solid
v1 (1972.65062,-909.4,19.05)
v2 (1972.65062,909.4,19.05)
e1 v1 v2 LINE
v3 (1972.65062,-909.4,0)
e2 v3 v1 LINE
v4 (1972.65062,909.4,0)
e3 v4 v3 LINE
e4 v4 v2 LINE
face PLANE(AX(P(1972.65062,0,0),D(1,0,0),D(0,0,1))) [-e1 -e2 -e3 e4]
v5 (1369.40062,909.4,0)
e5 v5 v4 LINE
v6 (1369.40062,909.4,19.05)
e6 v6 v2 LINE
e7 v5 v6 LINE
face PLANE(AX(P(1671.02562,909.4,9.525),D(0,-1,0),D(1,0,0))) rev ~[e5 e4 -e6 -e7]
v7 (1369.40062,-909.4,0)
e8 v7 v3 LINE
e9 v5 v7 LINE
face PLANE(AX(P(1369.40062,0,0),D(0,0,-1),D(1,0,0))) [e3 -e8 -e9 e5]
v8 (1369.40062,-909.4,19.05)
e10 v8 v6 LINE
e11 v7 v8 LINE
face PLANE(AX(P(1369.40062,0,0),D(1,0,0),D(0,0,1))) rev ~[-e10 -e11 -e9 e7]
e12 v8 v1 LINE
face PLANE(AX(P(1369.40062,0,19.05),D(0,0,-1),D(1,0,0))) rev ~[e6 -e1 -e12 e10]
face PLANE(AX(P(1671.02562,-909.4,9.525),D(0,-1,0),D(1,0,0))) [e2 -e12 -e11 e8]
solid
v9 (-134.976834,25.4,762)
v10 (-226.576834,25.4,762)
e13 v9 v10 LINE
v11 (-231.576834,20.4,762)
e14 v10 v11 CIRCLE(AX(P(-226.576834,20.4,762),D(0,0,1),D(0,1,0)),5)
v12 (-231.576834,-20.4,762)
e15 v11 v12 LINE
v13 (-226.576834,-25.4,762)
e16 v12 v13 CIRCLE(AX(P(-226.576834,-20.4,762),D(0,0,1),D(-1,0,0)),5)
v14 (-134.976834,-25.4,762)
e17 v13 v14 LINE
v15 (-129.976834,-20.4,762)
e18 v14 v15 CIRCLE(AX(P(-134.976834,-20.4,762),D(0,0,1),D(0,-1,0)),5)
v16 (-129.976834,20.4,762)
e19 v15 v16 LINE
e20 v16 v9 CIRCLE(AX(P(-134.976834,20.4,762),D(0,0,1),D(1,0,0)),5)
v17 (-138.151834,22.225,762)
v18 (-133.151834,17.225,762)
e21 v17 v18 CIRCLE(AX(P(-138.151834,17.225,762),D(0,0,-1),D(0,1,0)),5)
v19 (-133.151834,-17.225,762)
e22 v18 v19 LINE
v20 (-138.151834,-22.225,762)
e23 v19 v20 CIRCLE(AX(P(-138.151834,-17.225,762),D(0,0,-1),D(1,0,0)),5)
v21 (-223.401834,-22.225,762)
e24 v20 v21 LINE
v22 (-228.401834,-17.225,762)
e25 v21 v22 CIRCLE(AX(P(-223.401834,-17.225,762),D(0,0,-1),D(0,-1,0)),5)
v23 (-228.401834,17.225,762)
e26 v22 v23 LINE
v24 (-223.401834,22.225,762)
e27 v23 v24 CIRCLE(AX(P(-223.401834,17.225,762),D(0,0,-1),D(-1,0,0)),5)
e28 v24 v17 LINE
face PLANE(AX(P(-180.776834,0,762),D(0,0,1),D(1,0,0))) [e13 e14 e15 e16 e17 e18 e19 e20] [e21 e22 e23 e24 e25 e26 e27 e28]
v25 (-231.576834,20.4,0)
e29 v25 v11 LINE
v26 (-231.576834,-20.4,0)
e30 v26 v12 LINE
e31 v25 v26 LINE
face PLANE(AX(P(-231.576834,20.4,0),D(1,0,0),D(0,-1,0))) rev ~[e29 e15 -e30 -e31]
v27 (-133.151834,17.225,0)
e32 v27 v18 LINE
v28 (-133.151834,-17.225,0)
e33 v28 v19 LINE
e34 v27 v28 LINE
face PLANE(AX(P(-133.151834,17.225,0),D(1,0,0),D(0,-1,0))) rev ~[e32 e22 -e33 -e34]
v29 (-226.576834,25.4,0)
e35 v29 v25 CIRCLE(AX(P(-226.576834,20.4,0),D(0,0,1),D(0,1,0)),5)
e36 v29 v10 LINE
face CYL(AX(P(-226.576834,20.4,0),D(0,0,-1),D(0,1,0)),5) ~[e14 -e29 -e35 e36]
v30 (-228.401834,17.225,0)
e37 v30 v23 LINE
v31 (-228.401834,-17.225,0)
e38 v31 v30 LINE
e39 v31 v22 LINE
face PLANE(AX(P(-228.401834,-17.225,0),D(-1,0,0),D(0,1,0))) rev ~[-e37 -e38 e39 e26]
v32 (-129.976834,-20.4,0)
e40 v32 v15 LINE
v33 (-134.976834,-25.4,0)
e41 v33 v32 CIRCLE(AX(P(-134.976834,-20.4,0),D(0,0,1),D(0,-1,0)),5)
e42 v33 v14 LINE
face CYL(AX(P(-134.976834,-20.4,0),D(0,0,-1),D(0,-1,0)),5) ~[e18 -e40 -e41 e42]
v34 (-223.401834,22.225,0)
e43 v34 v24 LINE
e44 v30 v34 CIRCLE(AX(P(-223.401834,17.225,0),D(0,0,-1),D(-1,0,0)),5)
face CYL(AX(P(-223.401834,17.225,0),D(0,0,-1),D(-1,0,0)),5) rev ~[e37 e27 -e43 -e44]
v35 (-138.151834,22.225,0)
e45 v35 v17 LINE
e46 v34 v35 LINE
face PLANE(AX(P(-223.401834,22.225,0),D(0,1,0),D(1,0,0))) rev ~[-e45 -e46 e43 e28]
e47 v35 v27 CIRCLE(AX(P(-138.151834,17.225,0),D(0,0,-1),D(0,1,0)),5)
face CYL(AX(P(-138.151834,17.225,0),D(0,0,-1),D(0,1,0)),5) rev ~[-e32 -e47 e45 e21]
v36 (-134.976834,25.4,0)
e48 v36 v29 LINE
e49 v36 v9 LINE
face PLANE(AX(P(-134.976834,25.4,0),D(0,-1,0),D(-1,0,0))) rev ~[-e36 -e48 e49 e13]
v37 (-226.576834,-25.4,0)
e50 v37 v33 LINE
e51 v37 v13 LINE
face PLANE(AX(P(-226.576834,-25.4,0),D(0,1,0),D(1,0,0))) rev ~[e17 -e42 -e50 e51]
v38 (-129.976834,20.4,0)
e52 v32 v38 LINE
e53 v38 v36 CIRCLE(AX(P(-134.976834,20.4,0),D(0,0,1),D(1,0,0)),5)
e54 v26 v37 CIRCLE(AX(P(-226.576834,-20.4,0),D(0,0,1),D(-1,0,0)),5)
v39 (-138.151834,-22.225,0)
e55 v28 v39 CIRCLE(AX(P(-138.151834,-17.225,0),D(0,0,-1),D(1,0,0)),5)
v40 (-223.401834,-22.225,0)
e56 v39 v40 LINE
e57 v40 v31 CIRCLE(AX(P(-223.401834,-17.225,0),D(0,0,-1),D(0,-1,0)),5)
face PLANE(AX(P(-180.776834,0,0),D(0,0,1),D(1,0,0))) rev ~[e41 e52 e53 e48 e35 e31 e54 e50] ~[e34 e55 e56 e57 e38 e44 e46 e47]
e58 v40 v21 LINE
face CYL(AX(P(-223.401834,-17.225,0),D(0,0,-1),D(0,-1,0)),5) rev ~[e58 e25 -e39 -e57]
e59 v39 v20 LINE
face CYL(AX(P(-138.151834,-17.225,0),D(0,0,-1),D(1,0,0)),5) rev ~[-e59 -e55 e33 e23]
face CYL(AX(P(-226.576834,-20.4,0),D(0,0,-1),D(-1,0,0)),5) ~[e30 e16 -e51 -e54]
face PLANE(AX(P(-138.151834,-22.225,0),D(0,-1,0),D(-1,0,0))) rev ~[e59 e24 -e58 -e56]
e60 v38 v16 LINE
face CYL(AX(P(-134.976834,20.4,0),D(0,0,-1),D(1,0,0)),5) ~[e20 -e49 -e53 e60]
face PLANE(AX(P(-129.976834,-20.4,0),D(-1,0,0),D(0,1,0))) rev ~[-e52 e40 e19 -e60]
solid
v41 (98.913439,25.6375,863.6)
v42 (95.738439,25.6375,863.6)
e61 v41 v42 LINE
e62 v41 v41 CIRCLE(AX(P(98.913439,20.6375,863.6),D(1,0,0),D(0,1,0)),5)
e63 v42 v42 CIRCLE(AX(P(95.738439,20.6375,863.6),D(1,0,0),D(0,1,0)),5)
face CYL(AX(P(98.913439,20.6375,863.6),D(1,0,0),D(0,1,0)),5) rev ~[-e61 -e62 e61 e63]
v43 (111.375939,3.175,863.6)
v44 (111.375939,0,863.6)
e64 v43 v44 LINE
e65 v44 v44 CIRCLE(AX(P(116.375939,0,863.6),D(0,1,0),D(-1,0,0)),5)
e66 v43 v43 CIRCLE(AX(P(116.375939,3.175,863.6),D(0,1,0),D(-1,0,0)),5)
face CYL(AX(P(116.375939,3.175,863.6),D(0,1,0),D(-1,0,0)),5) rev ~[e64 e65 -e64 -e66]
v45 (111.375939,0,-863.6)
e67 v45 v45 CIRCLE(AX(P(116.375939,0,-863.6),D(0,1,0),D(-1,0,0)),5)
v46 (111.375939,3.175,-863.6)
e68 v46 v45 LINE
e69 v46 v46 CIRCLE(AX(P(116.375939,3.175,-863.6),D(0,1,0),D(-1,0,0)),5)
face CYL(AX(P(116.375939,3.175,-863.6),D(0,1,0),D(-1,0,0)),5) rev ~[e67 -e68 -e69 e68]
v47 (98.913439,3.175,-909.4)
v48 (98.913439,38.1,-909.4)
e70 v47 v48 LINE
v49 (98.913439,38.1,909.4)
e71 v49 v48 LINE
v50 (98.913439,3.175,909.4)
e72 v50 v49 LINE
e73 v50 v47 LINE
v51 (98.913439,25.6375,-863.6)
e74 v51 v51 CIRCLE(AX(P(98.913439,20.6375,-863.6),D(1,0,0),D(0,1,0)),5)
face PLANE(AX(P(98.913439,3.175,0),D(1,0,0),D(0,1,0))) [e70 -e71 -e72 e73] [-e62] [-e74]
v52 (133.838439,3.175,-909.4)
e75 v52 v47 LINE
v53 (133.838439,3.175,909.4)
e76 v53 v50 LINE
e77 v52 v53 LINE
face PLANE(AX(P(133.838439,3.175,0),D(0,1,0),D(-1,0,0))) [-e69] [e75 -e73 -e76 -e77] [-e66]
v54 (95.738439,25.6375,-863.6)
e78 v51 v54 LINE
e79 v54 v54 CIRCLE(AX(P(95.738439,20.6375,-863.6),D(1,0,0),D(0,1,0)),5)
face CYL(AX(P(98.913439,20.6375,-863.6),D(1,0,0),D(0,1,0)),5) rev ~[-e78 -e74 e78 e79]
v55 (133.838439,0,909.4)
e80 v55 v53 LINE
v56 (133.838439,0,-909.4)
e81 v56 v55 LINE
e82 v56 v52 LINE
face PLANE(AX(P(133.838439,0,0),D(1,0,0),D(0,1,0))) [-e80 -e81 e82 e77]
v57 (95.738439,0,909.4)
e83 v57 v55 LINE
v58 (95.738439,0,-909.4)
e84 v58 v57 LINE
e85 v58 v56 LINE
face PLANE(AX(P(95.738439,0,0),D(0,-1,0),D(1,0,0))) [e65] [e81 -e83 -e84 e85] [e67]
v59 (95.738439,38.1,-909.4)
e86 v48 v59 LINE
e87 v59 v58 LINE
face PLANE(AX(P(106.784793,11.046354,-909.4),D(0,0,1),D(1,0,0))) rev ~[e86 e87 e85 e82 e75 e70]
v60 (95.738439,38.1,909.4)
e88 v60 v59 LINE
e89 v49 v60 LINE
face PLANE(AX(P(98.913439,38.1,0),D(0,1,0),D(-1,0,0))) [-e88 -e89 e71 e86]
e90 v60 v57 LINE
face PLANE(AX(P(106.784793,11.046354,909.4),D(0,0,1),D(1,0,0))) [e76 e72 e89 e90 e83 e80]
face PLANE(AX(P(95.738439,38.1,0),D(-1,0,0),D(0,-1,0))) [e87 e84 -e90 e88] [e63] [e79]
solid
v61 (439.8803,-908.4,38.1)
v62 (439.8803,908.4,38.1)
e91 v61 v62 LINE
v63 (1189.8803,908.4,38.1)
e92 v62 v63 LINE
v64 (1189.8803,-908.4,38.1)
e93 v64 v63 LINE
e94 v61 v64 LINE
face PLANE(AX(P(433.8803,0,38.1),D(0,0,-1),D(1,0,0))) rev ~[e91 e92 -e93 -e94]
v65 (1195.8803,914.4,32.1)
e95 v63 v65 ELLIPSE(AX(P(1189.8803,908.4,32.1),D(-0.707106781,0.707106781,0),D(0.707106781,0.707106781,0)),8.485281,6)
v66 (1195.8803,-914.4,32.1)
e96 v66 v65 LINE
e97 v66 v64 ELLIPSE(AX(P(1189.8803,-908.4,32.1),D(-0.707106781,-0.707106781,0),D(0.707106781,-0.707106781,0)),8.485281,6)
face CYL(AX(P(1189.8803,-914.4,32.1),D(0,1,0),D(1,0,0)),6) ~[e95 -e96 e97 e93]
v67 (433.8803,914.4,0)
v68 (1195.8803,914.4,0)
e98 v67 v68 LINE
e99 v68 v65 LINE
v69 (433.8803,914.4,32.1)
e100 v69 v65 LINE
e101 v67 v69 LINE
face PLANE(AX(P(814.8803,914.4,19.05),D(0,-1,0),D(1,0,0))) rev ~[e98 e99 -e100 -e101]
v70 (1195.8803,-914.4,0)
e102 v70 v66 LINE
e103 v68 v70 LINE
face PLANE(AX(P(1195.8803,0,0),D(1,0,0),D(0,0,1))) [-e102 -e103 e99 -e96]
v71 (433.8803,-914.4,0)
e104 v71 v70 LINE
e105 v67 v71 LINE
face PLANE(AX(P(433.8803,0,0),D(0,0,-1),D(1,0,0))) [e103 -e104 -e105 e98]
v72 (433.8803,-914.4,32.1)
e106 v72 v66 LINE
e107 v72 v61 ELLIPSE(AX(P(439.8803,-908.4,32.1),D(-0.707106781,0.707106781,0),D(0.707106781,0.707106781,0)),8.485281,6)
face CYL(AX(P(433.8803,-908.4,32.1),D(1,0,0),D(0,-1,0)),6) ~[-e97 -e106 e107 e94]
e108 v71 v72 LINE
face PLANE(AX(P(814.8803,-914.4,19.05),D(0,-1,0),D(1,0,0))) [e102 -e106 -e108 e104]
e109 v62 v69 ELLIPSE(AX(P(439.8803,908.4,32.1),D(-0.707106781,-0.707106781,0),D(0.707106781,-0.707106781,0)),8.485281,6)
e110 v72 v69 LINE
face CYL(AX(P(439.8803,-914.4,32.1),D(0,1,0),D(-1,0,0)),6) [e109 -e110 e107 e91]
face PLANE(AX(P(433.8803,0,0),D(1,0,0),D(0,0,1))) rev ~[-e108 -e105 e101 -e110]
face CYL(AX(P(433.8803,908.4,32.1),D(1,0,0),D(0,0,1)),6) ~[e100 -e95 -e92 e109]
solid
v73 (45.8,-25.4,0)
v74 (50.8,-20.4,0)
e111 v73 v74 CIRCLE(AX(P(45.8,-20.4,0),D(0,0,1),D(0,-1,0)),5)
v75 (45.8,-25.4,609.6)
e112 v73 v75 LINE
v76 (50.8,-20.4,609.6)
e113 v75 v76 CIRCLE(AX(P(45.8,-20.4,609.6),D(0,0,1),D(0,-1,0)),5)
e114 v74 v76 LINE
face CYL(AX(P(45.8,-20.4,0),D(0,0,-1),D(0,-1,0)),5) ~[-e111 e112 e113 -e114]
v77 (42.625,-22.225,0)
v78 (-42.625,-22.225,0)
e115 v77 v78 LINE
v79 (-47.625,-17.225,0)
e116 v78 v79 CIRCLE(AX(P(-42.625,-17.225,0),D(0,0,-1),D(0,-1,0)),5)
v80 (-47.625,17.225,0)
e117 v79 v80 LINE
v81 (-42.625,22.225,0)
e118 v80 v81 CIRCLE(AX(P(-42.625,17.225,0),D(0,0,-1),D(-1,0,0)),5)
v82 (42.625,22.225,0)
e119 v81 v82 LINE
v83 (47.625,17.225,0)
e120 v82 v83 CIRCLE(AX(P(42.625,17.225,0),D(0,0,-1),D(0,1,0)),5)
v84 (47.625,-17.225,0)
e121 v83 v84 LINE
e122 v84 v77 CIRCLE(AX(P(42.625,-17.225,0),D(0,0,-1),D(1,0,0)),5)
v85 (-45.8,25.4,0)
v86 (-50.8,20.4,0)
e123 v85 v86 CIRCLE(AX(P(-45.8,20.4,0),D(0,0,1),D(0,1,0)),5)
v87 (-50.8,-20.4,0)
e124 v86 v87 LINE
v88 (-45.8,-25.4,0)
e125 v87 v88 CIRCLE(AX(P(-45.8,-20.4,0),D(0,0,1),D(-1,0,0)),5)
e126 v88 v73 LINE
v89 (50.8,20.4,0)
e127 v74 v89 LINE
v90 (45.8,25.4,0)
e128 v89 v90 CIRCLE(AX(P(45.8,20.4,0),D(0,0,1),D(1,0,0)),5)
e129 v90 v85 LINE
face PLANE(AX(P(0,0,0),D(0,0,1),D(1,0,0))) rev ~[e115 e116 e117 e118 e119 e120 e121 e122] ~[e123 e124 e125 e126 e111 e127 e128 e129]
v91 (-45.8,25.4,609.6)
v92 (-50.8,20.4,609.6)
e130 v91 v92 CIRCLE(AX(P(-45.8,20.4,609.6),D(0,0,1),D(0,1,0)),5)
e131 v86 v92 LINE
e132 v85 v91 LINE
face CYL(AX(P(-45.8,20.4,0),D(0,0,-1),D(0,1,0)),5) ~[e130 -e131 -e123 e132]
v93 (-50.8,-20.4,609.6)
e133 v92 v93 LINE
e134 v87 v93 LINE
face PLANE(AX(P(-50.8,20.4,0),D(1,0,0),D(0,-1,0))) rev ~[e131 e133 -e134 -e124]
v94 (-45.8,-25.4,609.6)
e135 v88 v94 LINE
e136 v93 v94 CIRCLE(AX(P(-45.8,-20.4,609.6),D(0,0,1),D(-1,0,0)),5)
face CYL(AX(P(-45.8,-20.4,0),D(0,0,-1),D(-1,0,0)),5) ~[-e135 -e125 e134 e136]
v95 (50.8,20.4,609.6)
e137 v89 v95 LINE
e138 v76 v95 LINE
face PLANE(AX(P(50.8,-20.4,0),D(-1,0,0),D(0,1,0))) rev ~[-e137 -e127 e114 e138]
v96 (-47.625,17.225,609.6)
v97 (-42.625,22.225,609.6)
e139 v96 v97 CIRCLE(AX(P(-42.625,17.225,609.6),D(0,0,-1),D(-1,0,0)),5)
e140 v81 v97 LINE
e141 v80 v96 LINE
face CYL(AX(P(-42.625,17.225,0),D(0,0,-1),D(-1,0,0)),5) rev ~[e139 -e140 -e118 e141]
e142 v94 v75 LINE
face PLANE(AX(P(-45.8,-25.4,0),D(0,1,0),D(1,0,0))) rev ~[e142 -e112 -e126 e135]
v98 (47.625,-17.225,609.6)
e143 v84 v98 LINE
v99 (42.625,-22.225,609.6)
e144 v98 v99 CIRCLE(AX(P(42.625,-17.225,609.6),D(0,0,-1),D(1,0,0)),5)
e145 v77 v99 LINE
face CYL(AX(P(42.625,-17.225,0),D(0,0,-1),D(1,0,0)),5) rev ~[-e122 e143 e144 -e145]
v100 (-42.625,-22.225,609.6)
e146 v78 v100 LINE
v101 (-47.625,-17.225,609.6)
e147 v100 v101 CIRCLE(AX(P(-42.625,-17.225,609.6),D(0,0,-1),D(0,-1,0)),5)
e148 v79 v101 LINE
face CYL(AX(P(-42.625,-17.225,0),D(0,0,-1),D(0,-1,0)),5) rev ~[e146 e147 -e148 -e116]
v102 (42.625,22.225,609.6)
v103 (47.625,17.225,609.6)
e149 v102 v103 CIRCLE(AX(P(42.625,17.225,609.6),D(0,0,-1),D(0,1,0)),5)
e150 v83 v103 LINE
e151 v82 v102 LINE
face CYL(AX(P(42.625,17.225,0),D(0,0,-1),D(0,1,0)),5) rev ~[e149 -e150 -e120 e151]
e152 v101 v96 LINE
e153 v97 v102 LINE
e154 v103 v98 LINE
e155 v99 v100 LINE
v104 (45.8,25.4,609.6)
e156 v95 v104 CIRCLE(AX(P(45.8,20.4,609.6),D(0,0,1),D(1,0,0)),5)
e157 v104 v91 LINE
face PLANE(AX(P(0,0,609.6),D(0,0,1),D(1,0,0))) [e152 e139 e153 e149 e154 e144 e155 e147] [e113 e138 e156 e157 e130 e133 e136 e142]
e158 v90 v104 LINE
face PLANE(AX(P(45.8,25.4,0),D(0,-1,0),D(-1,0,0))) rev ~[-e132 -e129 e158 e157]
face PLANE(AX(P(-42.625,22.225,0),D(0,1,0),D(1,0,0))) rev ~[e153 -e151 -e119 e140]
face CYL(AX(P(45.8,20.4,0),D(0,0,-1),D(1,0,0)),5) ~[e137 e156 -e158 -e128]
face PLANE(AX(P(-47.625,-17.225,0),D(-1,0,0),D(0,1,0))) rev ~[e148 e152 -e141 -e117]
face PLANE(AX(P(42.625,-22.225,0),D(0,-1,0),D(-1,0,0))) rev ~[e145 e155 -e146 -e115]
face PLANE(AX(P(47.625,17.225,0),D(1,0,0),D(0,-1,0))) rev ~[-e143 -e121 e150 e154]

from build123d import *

# Parameters (mm, degrees)
F1_DEPTH  = 762
F3_DEPTH  = 609.6
F5_DEPTH  = 909.4
F6_W      = 762
F6_H      = 38.1
F7_DEPTH  = 914.4
F8_R      = 6
F10_R     = 5
F11_DEPTH = 330.4912731061
F12_R     = 5
F13_DEPTH = 917.576
F9_W      = 603.25
F9_H      = 19.05
F14_DEPTH = 909.4


with BuildPart() as f1:
    # F0 (on Top) → F1 (new body)
    with BuildSketch(Plane.XY):
        with BuildLine():
            ThreePointArc((-129.9768344879, 20.4), (-131.441300582, 23.9355339059), (-134.9768344879, 25.4))
            Line((-134.9768344879, 25.4), (-226.5768344879, 25.4))
            ThreePointArc((-226.5768344879, 25.4), (-230.1123683938, 23.9355339059), (-231.5768344879, 20.4))
            Line((-231.5768344879, 20.4), (-231.5768344879, -20.4))
            ThreePointArc((-231.5768344879, -20.4), (-230.1123683938, -23.9355339059), (-226.5768344879, -25.4))
            Line((-226.5768344879, -25.4), (-134.9768344879, -25.4))
            ThreePointArc((-134.9768344879, -25.4), (-131.441300582, -23.9355339059), (-129.9768344879, -20.4))
            Line((-129.9768344879, -20.4), (-129.9768344879, 20.4))
        make_face()
        with BuildLine():
            Line((-223.4018344879, 22.225), (-138.1518344879, 22.225))
            ThreePointArc((-138.1518344879, 22.225), (-134.616300582, 20.7605339059), (-133.1518344879, 17.225))
            Line((-133.1518344879, 17.225), (-133.1518344879, -17.225))
            ThreePointArc((-133.1518344879, -17.225), (-134.616300582, -20.7605339059), (-138.1518344879, -22.225))
            Line((-138.1518344879, -22.225), (-223.4018344879, -22.225))
            ThreePointArc((-223.4018344879, -22.225), (-226.9373683938, -20.7605339059), (-228.4018344879, -17.225))
            Line((-228.4018344879, -17.225), (-228.4018344879, 17.225))
            ThreePointArc((-228.4018344879, 17.225), (-226.9373683938, 20.7605339059), (-223.4018344879, 22.225))
        make_face(mode=Mode.SUBTRACT)
    extrude(amount=F1_DEPTH)


with BuildPart() as f3:
    # F2 (on Top) → F3 (new body)
    with BuildSketch(Plane.XY):
        with BuildLine():
            ThreePointArc((50.8, 20.4), (49.3355339059, 23.9355339059), (45.8, 25.4))
            Line((45.8, 25.4), (-45.8, 25.4))
            ThreePointArc((-45.8, 25.4), (-49.3355339059, 23.9355339059), (-50.8, 20.4))
            Line((-50.8, 20.4), (-50.8, -20.4))
            ThreePointArc((-50.8, -20.4), (-49.3355339059, -23.9355339059), (-45.8, -25.4))
            Line((-45.8, -25.4), (45.8, -25.4))
            ThreePointArc((45.8, -25.4), (49.3355339059, -23.9355339059), (50.8, -20.4))
            Line((50.8, -20.4), (50.8, 20.4))
        make_face()
        with BuildLine():
            Line((-42.625, 22.225), (42.625, 22.225))
            ThreePointArc((42.625, 22.225), (46.1605339059, 20.7605339059), (47.625, 17.225))
            Line((47.625, 17.225), (47.625, -17.225))
            ThreePointArc((47.625, -17.225), (46.1605339059, -20.7605339059), (42.625, -22.225))
            Line((42.625, -22.225), (-42.625, -22.225))
            ThreePointArc((-42.625, -22.225), (-46.1605339059, -20.7605339059), (-47.625, -17.225))
            Line((-47.625, -17.225), (-47.625, 17.225))
            ThreePointArc((-47.625, 17.225), (-46.1605339059, 20.7605339059), (-42.625, 22.225))
        make_face(mode=Mode.SUBTRACT)
    extrude(amount=F3_DEPTH)


with BuildPart() as f5:
    # F4 (on Top) → F5 (new body, symmetric)
    with BuildSketch(Plane.XY):
        Polygon((95.7384386182, 38.1), (95.7384386182, 0), (133.8384386182, 0), (133.8384386182, 3.175), (98.9134386182, 3.175), (98.9134386182, 38.1), align=None)
    extrude(amount=F5_DEPTH, both=True)

    # F10 (on face) → F11 (cut, through all)
    with BuildSketch(Plane.YZ.offset(98.9134386182)):
        with Locations((20.6375, 863.6)):
            Circle(F10_R)
        with Locations((20.6375, -863.6)):
            Circle(F10_R)
    extrude(amount=-F11_DEPTH, mode=Mode.SUBTRACT)

    # F12 (on face) → F13 (cut, through all)
    with BuildSketch(Plane(origin=(0, 3.175, 0), x_dir=(-1, 0, 0), z_dir=(0, 1, 0))):
        with Locations((-116.3759386182, 863.6)):
            Circle(F12_R)
        with Locations((-116.3759386182, -863.6)):
            Circle(F12_R)
    extrude(amount=-F13_DEPTH, mode=Mode.SUBTRACT)


with BuildPart() as f7:
    # F6 (on Front) → F7 (new body, symmetric)
    with BuildSketch(Plane.XZ):
        with Locations((814.880300072, 19.05)):
            Rectangle(F6_W, F6_H)
    extrude(amount=F7_DEPTH, both=True)

    # F8
    f8_edges = [f7.edges().sort_by_distance(p)[0] for p in [
        (814.8803, 914.4, 38.1),
        (433.8803, 0, 38.1),
        (814.8803, -914.4, 38.1),
        (1195.8803, 0, 38.1),
    ]]
    fillet(f8_edges, radius=F8_R)


with BuildPart() as f14:
    # F9 (on Front) → F14 (new body, symmetric)
    with BuildSketch(Plane.XZ):
        with Locations((1671.0256204605, 9.525)):
            Rectangle(F9_W, F9_H)
    extrude(amount=F14_DEPTH, both=True)


solid = Compound([f1.part, f3.part, f5.part, f7.part, f14.part])
